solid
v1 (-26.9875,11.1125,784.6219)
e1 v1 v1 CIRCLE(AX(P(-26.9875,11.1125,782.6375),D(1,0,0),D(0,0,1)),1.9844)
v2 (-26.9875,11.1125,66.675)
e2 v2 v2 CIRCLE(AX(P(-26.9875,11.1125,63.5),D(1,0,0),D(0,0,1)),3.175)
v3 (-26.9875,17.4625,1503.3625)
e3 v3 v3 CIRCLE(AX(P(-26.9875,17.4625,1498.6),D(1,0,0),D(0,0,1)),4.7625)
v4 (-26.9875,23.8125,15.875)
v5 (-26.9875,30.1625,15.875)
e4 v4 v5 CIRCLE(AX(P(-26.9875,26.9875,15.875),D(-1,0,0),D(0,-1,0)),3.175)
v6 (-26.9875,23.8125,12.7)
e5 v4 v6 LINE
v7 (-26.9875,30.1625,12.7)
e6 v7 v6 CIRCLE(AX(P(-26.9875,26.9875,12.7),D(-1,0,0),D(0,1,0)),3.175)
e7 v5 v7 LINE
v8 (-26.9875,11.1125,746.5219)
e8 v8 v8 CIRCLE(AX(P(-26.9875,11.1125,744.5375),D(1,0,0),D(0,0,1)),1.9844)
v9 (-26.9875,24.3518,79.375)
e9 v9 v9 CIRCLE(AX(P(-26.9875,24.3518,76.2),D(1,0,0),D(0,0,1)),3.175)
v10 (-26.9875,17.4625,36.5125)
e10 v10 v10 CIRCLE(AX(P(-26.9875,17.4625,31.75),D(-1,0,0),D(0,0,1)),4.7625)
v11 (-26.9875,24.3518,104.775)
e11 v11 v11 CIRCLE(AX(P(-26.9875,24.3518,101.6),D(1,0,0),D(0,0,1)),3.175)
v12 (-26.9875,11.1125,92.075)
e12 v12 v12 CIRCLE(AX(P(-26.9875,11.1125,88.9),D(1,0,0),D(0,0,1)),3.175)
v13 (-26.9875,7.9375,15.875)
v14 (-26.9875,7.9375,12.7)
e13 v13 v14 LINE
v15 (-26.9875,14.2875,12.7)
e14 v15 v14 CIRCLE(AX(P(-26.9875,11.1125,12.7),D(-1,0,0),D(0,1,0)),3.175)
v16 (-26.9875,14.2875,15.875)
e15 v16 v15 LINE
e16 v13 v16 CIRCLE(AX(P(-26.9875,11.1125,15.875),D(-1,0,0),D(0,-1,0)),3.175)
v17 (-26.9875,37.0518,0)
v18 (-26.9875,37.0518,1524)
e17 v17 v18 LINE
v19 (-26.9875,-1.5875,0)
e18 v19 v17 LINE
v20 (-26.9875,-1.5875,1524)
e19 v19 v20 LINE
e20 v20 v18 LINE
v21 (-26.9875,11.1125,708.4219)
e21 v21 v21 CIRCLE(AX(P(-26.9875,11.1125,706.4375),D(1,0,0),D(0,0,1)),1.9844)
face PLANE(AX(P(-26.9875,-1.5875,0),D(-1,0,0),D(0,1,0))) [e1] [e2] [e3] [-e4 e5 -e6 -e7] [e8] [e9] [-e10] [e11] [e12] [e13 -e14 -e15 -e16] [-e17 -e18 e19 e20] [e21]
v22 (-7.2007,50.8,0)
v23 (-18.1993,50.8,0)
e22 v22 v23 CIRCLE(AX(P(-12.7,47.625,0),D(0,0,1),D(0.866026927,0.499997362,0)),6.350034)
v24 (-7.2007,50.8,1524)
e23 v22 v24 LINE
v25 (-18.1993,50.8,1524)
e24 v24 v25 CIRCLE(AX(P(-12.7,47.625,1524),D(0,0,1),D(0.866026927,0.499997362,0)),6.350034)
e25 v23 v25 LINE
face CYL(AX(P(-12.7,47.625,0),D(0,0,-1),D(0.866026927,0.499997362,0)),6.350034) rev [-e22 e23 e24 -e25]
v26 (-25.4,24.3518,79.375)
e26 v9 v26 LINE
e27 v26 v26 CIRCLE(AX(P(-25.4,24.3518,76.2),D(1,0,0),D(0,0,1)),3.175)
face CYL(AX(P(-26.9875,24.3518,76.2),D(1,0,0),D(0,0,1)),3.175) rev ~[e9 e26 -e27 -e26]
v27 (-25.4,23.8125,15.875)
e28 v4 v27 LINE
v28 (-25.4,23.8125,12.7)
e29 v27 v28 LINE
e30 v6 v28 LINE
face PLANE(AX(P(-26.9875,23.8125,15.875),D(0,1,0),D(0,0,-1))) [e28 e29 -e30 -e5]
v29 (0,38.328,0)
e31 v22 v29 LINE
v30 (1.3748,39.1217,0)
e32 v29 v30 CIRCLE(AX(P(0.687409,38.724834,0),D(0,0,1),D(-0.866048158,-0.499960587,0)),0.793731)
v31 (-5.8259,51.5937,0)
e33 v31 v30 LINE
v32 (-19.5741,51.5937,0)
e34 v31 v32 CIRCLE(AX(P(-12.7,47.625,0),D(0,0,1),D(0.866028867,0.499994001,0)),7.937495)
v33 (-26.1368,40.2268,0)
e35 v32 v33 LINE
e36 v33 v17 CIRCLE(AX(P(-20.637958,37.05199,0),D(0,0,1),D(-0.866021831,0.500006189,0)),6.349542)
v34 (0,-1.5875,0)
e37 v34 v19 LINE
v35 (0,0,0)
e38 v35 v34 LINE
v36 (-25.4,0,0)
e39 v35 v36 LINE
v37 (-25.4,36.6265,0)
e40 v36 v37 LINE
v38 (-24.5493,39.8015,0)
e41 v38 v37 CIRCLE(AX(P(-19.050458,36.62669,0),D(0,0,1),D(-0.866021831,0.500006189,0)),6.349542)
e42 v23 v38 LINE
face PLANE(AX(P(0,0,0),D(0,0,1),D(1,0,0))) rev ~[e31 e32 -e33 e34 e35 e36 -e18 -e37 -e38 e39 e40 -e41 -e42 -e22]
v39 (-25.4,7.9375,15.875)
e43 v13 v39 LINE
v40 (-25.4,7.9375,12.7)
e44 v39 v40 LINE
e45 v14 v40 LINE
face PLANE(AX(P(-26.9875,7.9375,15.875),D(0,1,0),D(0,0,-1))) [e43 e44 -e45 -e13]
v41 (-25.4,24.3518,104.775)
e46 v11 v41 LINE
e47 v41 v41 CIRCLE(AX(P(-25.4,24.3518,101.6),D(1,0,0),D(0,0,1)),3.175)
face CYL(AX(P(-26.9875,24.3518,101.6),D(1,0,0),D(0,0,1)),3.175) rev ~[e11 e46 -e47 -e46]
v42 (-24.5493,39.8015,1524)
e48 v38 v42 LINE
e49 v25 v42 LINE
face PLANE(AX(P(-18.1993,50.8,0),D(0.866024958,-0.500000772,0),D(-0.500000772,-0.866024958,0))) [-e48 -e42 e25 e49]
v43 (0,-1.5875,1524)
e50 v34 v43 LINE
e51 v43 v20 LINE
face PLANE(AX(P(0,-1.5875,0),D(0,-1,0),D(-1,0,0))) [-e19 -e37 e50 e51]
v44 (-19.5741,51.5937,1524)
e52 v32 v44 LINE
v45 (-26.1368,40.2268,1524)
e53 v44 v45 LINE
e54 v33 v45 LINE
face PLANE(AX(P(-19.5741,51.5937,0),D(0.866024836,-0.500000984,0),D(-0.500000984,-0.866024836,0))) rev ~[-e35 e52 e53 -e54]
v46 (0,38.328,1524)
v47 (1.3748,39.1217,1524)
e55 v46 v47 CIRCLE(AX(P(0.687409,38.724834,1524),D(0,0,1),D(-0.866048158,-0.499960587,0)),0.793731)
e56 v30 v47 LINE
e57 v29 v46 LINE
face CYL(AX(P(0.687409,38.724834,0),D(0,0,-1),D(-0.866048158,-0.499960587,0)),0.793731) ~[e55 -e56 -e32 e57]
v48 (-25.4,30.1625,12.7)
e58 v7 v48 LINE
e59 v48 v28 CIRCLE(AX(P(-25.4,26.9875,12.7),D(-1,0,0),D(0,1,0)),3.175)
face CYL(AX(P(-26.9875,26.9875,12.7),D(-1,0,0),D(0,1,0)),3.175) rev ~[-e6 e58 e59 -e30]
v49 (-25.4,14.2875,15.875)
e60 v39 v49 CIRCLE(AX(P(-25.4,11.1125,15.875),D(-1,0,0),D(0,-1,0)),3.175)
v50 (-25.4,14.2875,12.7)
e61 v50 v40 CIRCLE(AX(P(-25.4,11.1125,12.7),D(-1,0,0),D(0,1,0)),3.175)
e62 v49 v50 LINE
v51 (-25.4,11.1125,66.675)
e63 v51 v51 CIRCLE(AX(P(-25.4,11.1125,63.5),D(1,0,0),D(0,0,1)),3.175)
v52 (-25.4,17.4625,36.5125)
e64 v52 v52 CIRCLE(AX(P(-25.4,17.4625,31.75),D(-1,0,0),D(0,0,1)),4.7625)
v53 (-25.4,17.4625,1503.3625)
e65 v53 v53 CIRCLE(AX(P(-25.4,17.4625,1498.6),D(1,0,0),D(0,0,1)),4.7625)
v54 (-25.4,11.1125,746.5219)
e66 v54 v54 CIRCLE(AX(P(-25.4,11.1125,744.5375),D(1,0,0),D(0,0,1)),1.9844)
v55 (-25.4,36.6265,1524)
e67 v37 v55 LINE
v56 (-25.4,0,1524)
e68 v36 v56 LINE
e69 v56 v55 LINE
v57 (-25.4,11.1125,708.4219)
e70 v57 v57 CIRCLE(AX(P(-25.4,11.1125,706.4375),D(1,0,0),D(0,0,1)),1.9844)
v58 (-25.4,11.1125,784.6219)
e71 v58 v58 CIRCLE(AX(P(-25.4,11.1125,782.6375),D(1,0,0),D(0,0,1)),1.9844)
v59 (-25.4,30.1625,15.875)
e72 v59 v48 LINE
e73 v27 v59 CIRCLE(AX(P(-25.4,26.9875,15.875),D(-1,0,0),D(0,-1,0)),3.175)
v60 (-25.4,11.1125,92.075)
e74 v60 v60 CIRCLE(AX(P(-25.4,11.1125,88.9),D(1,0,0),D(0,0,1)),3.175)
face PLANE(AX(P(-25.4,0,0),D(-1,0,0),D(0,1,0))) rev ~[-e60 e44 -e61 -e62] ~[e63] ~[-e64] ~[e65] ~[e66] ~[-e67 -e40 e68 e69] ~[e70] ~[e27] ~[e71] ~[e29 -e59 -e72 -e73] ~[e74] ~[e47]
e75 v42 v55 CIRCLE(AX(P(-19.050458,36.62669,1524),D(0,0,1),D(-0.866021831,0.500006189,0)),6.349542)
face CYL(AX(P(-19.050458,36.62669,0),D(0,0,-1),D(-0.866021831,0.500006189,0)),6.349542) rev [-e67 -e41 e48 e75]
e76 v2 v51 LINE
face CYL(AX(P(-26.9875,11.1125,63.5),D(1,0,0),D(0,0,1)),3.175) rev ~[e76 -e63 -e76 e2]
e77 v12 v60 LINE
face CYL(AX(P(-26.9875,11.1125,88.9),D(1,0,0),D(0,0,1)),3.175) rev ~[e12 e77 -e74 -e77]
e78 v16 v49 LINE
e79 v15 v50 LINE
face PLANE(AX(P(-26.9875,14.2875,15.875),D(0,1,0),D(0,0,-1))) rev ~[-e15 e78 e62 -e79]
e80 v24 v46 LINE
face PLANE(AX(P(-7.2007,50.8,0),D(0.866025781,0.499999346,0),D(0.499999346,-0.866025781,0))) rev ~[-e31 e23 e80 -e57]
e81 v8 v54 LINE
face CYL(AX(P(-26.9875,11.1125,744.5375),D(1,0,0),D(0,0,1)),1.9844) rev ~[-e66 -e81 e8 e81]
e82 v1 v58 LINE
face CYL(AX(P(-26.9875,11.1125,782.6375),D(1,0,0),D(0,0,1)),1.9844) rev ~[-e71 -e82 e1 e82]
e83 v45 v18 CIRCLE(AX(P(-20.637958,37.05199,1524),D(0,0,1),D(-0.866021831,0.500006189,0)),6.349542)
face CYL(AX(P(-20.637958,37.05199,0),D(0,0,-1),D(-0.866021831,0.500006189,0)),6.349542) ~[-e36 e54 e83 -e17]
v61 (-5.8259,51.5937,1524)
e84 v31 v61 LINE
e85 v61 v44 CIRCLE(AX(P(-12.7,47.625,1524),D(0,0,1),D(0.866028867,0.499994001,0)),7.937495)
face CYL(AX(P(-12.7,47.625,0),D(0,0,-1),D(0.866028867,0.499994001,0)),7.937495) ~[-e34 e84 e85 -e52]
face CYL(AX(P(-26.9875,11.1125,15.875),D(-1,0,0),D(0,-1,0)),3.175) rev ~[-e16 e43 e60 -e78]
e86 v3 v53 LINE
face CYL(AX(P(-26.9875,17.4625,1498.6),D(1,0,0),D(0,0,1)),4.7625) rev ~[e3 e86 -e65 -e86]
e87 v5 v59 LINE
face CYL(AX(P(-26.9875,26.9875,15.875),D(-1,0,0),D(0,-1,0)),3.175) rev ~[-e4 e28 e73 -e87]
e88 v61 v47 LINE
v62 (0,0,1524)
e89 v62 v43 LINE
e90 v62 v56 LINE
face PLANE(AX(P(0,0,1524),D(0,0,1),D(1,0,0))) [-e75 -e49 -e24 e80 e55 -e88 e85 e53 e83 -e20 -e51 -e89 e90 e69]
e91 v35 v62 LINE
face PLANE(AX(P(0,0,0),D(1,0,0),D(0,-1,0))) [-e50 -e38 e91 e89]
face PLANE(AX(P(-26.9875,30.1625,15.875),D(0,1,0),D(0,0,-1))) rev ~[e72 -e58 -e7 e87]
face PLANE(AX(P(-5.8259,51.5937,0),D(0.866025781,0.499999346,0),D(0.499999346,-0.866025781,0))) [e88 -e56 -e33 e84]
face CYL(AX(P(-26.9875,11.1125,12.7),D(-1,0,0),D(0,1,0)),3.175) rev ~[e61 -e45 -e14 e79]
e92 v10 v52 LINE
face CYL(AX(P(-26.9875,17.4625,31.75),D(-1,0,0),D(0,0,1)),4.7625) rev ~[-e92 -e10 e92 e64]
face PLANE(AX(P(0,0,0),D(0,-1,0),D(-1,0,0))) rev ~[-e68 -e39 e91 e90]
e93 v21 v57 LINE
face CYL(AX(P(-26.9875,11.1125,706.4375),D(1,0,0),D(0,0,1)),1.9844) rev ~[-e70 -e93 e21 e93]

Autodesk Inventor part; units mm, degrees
ref_plane "YZ Plane" through (0, 0, 0) normal (1, 0, 0) x (0, 1, 0)
ref_plane "XZ Plane" through (0, 0, 0) normal (0, 1, 0) x (-1, 0, 0)
ref_plane "XY Plane" through (0, 0, 0) normal (0, 0, 1) x (1, 0, 0)
sketch "Sketch1" plane through (0, 0, 0) normal (0, 0, 1) x (1, 0, 0)
  line L0 (0, 0) -> (-12.7, 0) construction
  line L1 (-12.7, 0) -> (-12.7, 53.975) construction
  line L2 (-12.7, 53.975) -> (0, 53.975) construction
  line L3 (0, 53.975) -> (0, 0) construction
  line L4 (-12.7, 53.975) -> (-25.4, 53.975) construction
  line L5 (-12.7, 53.975) -> (0, 53.975) construction
  line L6 (-25.4, 53.975) -> (-25.4, 0) construction
  line L7 (-25.4, 0) -> (-12.7, 0) construction
  circle A0 centre (-12.7, 6.35) radius 6.35 construction
  circle A1 centre (-12.7, 47.625) radius 6.35 construction
  line L8 (-12.7, 47.625) -> (-18.1993, 50.8) construction
  line L9 (-12.7, 47.625) -> (-6.35, 47.625) construction
  line L10 (-12.7, 47.625) -> (-7.2007, 50.8) construction
  line L11 (-12.7, 47.625) -> (-6.35, 47.625) construction
  line L12 (0, 0) -> (-25.4, 0)
  line L13 (0, 0) -> (0, -1.5875)
  line L14 (0, 0) -> (1.5875, 0) construction
  line L15 (0, -1.5875) -> (-26.9875, -1.5875)
  arc A2 (-7.2007, 50.8) -> (-18.1993, 50.8) centre (-12.7, 47.625) ccw
  line L16 (-7.2007, 50.8) -> (0, 38.328)
  line L17 (-7.2007, 50.8) -> (7.2007, 50.8) construction
  line L18 (-18.1993, 50.8) -> (-24.5493, 39.8015)
  line L19 (-18.1993, 50.8) -> (-5.4993, 50.8) construction
  line L20 (-25.4, 0) -> (-25.4, 36.6265)
  line L21 (-19.5741, 51.5937) -> (-26.1368, 40.2268)
  line L22 (-26.9875, -1.5875) -> (-26.9875, 37.0518)
  arc A3 (-26.1368, 40.2268) -> (-26.9875, 37.0518) centre (-20.6375, 37.0518) ccw
  arc A4 (-24.5493, 39.8015) -> (-25.4, 36.6265) centre (-19.05, 36.6265) ccw
  line L23 (-5.8259, 51.5937) -> (1.3748, 39.1217)
  arc A5 (-5.8259, 51.5937) -> (-19.5741, 51.5937) centre (-12.7, 47.625) ccw
  arc A6 (0, 38.328) -> (1.3748, 39.1217) centre (0.6874, 38.7248) ccw
  point P0 (-25.4, 38.328)
  dimension "d0" = 12.7
  dimension "d1" = 53.975
  dimension "d2" = 12.7
  dimension "d3" = 180
  dimension "d4" = 53.975
  dimension "d5" = 90
  dimension "d6" = 12.7
  dimension "d7" = 12.7
  dimension "d8" = 6.35
  dimension "d9" = 6.35
  dimension "d10" = 6.35
  dimension "d11" = 150
  dimension "d12" = 6.35
  dimension "d13" = 30
  dimension "d14" = 1.5875
  dimension "d15" = 90
  dimension "d16" = 26.9875
  dimension "d17" = 6.35
  dimension "d18" = 60
  dimension "d19" = 120
  dimension "d20" = 90
  dimension "d21" = 1.5875
  dimension "d22" = 6.35
  dimension "d23" = 6.35
  dimension "d24" = 1.5875
  dimension "d25" = 7.9375
  dimension "d26" = 0
extrude "Extrusion1" add sketch "Sketch1" along normal blind 1524
sketch "Sketch2" plane through (-26.9875, -1.5875, 0) normal (-1, 0, 0) x (0, 0, 1)
  line L0 (0, 38.6393) -> (0, 0) projected
  line L1 (0, 0) -> (1524, 0) projected
  line L2 (1524, 38.6393) -> (1524, 0) projected
  line L3 (0, 38.6393) -> (1524, 38.6393) projected
  point P0 (0, 1.5875)
  point P1 (1498.6, 19.05)
  dimension "d29" = 19.05
  dimension "d30" = 25.4
hole "Hole1" at (-26.9875, 17.4625, 1498.6) direction (1, 0, 0) diameter 9.525 end through all
sketch "Sketch3" plane through (-26.9875, -1.5875, 0) normal (-1, 0, 0) x (0, 0, 1)
  circle A0 centre (1498.6, 19.05) radius 4.7625 projected
  line L0 (0, 38.6393) -> (0, 0) projected
  line L1 (0, 0) -> (1524, 0) projected
  line L2 (1524, 38.6393) -> (1524, 0) projected
  line L3 (0, 38.6393) -> (1524, 38.6393) projected
  circle A1 centre (31.75, 19.05) radius 4.7625
  line L4 (15.875, 28.575) -> (15.875, 25.4) construction
  line L5 (15.875, 28.575) -> (15.875, 31.75) construction
  line L6 (12.7, 28.575) -> (12.7, 31.75) construction
  line L7 (12.7, 28.575) -> (12.7, 25.4) construction
  line L8 (15.875, 12.7) -> (15.875, 15.875) construction
  line L9 (12.7, 12.7) -> (12.7, 15.875) construction
  line L10 (15.875, 12.7) -> (15.875, 9.525) construction
  line L11 (12.7, 12.7) -> (12.7, 9.525) construction
  arc A2 (15.875, 25.4) -> (15.875, 31.75) centre (15.875, 28.575) ccw
  arc A3 (12.7, 31.75) -> (12.7, 25.4) centre (12.7, 28.575) ccw
  arc A4 (15.875, 9.525) -> (15.875, 15.875) centre (15.875, 12.7) ccw
  arc A5 (12.7, 15.875) -> (12.7, 9.525) centre (12.7, 12.7) ccw
  line L12 (15.875, 31.75) -> (12.7, 31.75)
  line L13 (15.875, 25.4) -> (12.7, 25.4)
  line L14 (15.875, 15.875) -> (12.7, 15.875)
  line L15 (15.875, 9.525) -> (12.7, 9.525)
  point P0 (0, 1.5875)
  dimension "d45" = 12.7
  dimension "d46" = 15.875
  dimension "d47" = 31.75
  dimension "d48" = 12.7
  dimension "d49" = 15.875
  dimension "d50" = 9.525
  dimension "d51" = 19.05
  dimension "d52" = 12.7
  dimension "d53" = 12.7
  dimension "d54" = 28.575
  dimension "d55" = 28.575
  dimension "d56" = 3.175
  dimension "d57" = 3.175
  dimension "d58" = 3.175
  dimension "d59" = 3.175
  dimension "d60" = 3.175
  dimension "d61" = 3.175
  dimension "d62" = 3.175
  dimension "d63" = 3.175
  dimension "d64" = 3.175
  dimension "d65" = 3.175
  dimension "d66" = 3.175
  dimension "d67" = 3.175
extrude "Extrusion2" cut sketch "Sketch3" against normal blind 25.4 contours A1 | L13 A3 L12 A2 | L15 A5 L14 A4
sketch "Sketch4" plane through (-26.9875, -1.5875, 0) normal (-1, 0, 0) x (0, 0, 1)
  line L0 (12.7, 15.875) -> (15.875, 15.875) projected
  arc A0 (15.875, 9.525) -> (15.875, 15.875) centre (15.875, 12.7) ccw projected
  line L1 (15.875, 9.525) -> (12.7, 9.525) projected
  arc A1 (12.7, 15.875) -> (12.7, 9.525) centre (12.7, 12.7) ccw projected
  line L2 (12.7, 31.75) -> (15.875, 31.75) projected
  arc A2 (15.875, 25.4) -> (15.875, 31.75) centre (15.875, 28.575) ccw projected
  line L3 (15.875, 25.4) -> (12.7, 25.4) projected
  arc A3 (12.7, 31.75) -> (12.7, 25.4) centre (12.7, 28.575) ccw projected
  circle A4 centre (31.75, 19.05) radius 4.7625 projected
  circle A5 centre (1498.6, 19.05) radius 4.7625 projected
  line L4 (0, 38.6393) -> (0, 0) projected
  line L5 (0, 0) -> (1524, 0) projected
  line L6 (1524, 38.6393) -> (1524, 0) projected
  line L7 (0, 38.6393) -> (1524, 38.6393) projected
  point P0 (0, 1.5875)
  point P1 (101.6, 25.9393)
  point P2 (88.9, 12.7)
  point P3 (76.2, 25.9393)
  point P4 (63.5, 12.7)
  dimension "d70" = 63.5
  dimension "d71" = 76.2
  dimension "d72" = 88.9
  dimension "d73" = 101.6
  dimension "d74" = 12.7
  dimension "d75" = 12.7
  dimension "d76" = 12.7
  dimension "d77" = 12.7
hole "Hole2" at (-26.9875, 24.3518, 101.6) at (-26.9875, 11.1125, 88.9) at (-26.9875, 24.3518, 76.2) at (-26.9875, 11.1125, 63.5) direction (1, 0, 0) diameter 6.35 end through all
sketch "Sketch5" plane through (-26.9875, -1.5875, 0) normal (-1, 0, 0) x (0, 0, 1)
  circle A0 centre (76.2, 25.9393) radius 3.175 projected
  circle A1 centre (101.6, 25.9393) radius 3.175 projected
  circle A2 centre (88.9, 12.7) radius 3.175 projected
  circle A3 centre (63.5, 12.7) radius 3.175 projected
  line L0 (12.7, 15.875) -> (15.875, 15.875) projected
  arc A4 (15.875, 9.525) -> (15.875, 15.875) centre (15.875, 12.7) ccw projected
  line L1 (15.875, 9.525) -> (12.7, 9.525) projected
  arc A5 (12.7, 15.875) -> (12.7, 9.525) centre (12.7, 12.7) ccw projected
  line L2 (12.7, 31.75) -> (15.875, 31.75) projected
  arc A6 (15.875, 25.4) -> (15.875, 31.75) centre (15.875, 28.575) ccw projected
  line L3 (15.875, 25.4) -> (12.7, 25.4) projected
  arc A7 (12.7, 31.75) -> (12.7, 25.4) centre (12.7, 28.575) ccw projected
  circle A8 centre (31.75, 19.05) radius 4.7625 projected
  circle A9 centre (1498.6, 19.05) radius 4.7625 projected
  line L4 (0, 38.6393) -> (0, 0) projected
  line L5 (0, 0) -> (1524, 0) projected
  line L6 (1524, 38.6393) -> (1524, 0) projected
  line L7 (0, 38.6393) -> (1524, 38.6393) projected
  point P0 (0, 1.5875)
  point P1 (706.4375, 12.7)
  point P2 (782.6375, 12.7)
  point P3 (744.5375, 12.7)
  dimension "d85" = 12.7
  dimension "d86" = 12.7
  dimension "d87" = 12.7
  dimension "d88" = 706.4375
  dimension "d89" = 744.5375
  dimension "d90" = 782.6375
hole "Hole3" at (-26.9875, 11.1125, 706.4375) at (-26.9875, 11.1125, 782.6375) at (-26.9875, 11.1125, 744.5375) direction (1, 0, 0) diameter 3.9688 end through all
properties part number "2in rail right"
